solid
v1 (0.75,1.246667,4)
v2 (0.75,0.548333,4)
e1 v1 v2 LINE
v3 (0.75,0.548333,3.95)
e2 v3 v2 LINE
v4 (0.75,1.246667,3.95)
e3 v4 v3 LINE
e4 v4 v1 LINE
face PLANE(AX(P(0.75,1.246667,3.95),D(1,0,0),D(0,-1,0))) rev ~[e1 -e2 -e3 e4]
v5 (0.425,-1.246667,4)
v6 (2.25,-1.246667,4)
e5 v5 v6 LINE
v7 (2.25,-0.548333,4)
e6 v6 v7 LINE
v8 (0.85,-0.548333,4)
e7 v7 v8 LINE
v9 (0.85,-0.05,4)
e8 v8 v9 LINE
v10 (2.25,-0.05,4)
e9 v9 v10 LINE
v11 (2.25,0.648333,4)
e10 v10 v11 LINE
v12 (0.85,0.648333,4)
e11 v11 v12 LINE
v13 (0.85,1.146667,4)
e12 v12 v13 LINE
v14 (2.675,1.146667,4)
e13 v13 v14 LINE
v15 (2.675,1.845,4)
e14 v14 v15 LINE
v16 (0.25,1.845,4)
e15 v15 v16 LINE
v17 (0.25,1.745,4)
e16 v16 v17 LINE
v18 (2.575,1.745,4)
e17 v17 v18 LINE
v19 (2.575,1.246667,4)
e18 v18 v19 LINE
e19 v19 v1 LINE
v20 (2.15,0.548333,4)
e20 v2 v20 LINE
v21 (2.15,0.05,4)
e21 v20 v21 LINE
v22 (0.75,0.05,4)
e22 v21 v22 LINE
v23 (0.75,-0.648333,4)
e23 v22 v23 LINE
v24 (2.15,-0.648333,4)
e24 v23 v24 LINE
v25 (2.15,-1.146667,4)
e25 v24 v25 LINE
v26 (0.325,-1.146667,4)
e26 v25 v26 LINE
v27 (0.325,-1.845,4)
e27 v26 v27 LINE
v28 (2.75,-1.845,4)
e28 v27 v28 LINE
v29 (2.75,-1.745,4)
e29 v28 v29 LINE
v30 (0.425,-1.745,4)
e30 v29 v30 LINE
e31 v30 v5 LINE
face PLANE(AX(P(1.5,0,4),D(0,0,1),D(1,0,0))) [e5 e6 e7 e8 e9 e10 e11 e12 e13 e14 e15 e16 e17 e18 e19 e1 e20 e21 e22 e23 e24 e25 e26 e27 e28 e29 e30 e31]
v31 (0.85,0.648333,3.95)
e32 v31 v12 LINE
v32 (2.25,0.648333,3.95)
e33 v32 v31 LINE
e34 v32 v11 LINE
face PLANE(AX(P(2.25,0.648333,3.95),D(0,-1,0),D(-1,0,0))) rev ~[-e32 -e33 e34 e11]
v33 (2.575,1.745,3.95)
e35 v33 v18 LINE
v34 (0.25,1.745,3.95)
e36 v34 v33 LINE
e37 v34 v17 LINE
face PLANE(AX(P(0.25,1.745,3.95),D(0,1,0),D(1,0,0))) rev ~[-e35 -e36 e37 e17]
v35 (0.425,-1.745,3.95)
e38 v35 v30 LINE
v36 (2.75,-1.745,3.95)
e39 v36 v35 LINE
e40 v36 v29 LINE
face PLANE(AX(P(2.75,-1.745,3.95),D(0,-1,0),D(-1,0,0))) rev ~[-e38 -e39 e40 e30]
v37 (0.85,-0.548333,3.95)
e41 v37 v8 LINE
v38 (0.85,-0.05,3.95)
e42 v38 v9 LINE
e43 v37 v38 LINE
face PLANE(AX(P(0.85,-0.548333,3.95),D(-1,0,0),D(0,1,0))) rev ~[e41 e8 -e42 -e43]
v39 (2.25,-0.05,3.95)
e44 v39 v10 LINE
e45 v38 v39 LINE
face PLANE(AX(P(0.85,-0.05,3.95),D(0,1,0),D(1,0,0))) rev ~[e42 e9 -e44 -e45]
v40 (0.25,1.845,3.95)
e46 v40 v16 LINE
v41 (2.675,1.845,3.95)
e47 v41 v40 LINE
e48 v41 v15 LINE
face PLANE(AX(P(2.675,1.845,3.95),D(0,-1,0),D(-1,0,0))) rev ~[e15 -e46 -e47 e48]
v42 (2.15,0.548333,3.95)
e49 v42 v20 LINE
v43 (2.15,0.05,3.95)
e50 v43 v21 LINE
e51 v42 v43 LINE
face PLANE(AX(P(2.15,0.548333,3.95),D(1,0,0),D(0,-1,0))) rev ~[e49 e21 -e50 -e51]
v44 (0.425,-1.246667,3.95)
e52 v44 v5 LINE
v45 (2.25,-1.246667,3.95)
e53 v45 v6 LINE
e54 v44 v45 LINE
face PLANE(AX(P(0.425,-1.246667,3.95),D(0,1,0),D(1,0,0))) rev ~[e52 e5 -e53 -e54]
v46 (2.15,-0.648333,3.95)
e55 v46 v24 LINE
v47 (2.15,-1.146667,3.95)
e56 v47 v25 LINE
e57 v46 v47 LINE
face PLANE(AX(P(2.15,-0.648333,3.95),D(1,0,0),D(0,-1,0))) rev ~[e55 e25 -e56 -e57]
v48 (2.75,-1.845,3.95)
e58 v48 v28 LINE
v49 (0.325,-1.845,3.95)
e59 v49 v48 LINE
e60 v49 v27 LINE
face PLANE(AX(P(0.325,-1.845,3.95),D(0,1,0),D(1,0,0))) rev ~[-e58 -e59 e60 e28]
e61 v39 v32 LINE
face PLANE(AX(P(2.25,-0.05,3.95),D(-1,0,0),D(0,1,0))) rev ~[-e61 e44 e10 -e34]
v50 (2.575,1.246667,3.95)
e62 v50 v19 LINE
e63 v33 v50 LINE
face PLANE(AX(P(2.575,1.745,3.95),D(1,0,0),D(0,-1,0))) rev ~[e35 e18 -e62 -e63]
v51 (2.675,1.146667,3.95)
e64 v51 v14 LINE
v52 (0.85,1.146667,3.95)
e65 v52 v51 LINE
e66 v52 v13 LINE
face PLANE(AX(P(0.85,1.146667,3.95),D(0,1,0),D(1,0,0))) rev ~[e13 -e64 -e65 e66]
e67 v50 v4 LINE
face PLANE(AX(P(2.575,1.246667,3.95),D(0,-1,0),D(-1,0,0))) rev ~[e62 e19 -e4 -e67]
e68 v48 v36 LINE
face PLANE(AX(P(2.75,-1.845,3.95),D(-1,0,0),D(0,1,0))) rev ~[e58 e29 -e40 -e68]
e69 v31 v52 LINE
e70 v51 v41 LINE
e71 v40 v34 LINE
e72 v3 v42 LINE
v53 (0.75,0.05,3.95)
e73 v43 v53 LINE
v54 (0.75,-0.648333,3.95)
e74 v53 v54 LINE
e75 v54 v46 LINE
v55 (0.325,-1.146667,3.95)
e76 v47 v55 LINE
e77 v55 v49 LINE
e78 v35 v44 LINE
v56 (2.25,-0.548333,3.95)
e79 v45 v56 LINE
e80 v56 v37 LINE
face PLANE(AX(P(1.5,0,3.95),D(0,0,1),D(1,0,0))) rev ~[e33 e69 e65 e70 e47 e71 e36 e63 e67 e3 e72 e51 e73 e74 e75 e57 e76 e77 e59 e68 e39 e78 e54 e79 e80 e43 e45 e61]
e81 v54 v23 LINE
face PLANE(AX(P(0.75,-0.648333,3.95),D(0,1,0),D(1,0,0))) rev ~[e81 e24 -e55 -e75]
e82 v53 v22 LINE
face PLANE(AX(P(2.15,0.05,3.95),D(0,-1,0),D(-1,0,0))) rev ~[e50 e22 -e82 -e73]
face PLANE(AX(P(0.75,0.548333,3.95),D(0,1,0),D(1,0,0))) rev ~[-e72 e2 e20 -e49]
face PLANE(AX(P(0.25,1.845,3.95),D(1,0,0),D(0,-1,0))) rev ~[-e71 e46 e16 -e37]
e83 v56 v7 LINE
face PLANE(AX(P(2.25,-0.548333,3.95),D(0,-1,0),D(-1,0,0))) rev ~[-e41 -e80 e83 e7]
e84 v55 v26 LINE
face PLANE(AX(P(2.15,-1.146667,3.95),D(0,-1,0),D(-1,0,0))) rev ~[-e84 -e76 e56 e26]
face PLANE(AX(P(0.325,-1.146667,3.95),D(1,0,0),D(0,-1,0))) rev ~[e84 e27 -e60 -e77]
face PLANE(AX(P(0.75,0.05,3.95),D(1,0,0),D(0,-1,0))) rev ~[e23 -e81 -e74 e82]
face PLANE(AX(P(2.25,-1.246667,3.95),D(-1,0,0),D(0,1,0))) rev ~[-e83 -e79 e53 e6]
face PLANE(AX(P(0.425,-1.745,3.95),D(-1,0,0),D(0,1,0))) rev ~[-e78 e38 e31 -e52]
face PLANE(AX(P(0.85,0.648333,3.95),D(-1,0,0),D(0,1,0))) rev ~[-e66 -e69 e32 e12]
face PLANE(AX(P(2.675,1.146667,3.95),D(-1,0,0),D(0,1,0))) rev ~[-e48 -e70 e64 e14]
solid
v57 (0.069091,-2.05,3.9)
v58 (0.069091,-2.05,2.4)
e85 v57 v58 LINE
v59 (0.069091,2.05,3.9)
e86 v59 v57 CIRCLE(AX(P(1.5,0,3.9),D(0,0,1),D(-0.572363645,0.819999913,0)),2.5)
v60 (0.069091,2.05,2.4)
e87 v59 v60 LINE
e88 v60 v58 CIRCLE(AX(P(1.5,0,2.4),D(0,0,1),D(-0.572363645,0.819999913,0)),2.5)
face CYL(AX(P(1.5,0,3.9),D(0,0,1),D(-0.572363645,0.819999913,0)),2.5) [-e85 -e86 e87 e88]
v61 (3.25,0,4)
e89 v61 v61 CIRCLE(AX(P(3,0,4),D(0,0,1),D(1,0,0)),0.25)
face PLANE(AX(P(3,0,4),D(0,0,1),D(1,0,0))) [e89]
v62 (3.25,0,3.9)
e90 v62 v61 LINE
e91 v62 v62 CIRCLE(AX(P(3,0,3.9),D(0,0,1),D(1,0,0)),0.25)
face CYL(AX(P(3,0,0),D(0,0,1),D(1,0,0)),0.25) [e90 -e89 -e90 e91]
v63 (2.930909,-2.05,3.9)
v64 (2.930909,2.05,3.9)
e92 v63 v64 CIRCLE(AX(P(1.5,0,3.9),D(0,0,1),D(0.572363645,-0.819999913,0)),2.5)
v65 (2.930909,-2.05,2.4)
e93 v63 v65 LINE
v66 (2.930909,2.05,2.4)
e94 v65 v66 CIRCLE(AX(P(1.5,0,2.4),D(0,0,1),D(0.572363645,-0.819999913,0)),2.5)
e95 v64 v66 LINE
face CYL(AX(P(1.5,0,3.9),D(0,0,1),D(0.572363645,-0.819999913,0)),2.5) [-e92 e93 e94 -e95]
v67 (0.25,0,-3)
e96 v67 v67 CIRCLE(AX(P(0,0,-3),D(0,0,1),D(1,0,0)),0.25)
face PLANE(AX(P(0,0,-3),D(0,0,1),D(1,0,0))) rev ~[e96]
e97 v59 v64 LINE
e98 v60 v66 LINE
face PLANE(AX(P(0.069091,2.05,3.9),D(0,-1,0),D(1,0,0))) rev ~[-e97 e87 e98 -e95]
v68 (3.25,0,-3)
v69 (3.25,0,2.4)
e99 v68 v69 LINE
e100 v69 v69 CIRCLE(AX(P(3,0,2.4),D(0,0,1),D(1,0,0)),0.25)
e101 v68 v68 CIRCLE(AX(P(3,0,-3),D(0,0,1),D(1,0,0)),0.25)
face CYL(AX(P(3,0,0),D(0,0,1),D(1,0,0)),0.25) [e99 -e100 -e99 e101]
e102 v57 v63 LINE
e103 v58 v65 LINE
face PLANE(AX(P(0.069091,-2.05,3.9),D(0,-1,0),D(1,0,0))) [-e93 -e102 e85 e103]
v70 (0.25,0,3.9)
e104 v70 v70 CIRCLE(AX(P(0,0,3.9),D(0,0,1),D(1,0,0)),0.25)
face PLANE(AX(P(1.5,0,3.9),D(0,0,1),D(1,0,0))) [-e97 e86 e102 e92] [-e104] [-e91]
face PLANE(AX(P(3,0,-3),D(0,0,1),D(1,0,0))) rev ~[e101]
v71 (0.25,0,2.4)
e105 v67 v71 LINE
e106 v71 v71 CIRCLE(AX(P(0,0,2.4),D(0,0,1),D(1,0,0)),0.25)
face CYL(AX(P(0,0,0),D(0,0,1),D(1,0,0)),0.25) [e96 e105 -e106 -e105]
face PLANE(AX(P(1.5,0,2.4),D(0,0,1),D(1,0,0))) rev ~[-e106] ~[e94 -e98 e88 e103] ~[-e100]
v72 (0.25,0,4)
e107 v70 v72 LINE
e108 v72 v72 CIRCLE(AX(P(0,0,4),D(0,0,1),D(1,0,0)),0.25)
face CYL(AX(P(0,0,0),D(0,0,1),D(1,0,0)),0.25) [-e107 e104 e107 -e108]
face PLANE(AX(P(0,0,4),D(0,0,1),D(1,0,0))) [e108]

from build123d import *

# Parameters (mm, degrees)
PAD001_DEPTH   = 1.5
SKETCH_R       = 0.25
PAD_DEPTH      = 4
PAD_DEPTH_BACK = 3
PAD002_DEPTH   = 0.05


with BuildPart() as pad001:
    # Sketch001 → Pad001 (new body)
    with BuildSketch(Plane.XY.offset(3.9)):
        with BuildLine():
            ThreePointArc((0.069091, 2.05), (-1, 0), (0.069091, -2.05))
            Line((0.069091, -2.05), (2.930909, -2.05))
            ThreePointArc((2.930909, -2.05), (4, 0), (2.930909, 2.05))
            Line((0.069091, 2.05), (2.930909, 2.05))
        make_face()
    extrude(amount=-PAD001_DEPTH)


with BuildPart() as pad:
    # Sketch → Pad (new body, two sides)
    with BuildSketch(Plane.XY) as pad_sk:
        Circle(SKETCH_R)
        with Locations((3, 0)):
            Circle(SKETCH_R)
    extrude(amount=PAD_DEPTH)
    extrude(pad_sk.sketch, amount=-PAD_DEPTH_BACK)


with BuildPart() as r_ldr_5_0x4_1mm_p3mm_vertical:
    # Sketch002 → Pad002 (new body)
    with BuildSketch(Plane.XY.offset(3.95)):
        Polygon((0.25, 1.745), (2.575, 1.745), (2.575, 1.246667), (0.75, 1.246667), (0.75, 1.146667), (0.75, 0.548333), (0.85, 0.548333), (2.15, 0.548333), (2.15, 0.05), (0.75, 0.05), (0.75, -0.05), (0.75, -0.648333), (0.85, -0.648333), (2.15, -0.648333), (2.15, -1.146667), (0.325, -1.146667), (0.325, -1.246667), (0.325, -1.845), (0.425, -1.845), (2.75, -1.845), (2.75, -1.745), (0.425, -1.745), (0.425, -1.246667), (2.15, -1.246667), (2.25, -1.246667), (2.25, -0.648333), (2.25, -0.548333), (0.85, -0.548333), (0.85, -0.05), (2.15, -0.05), (2.25, -0.05), (2.25, 0.548333), (2.25, 0.648333), (0.85, 0.648333), (0.85, 1.146667), (2.575, 1.146667), (2.675, 1.146667), (2.675, 1.745), (2.675, 1.845), (0.25, 1.845), align=None)
    extrude(amount=PAD002_DEPTH)

    # Pad002_mp_cp: union Pad001, Pad
    add(pad001.part)
    add(pad.part)


solid = r_ldr_5_0x4_1mm_p3mm_vertical.part
